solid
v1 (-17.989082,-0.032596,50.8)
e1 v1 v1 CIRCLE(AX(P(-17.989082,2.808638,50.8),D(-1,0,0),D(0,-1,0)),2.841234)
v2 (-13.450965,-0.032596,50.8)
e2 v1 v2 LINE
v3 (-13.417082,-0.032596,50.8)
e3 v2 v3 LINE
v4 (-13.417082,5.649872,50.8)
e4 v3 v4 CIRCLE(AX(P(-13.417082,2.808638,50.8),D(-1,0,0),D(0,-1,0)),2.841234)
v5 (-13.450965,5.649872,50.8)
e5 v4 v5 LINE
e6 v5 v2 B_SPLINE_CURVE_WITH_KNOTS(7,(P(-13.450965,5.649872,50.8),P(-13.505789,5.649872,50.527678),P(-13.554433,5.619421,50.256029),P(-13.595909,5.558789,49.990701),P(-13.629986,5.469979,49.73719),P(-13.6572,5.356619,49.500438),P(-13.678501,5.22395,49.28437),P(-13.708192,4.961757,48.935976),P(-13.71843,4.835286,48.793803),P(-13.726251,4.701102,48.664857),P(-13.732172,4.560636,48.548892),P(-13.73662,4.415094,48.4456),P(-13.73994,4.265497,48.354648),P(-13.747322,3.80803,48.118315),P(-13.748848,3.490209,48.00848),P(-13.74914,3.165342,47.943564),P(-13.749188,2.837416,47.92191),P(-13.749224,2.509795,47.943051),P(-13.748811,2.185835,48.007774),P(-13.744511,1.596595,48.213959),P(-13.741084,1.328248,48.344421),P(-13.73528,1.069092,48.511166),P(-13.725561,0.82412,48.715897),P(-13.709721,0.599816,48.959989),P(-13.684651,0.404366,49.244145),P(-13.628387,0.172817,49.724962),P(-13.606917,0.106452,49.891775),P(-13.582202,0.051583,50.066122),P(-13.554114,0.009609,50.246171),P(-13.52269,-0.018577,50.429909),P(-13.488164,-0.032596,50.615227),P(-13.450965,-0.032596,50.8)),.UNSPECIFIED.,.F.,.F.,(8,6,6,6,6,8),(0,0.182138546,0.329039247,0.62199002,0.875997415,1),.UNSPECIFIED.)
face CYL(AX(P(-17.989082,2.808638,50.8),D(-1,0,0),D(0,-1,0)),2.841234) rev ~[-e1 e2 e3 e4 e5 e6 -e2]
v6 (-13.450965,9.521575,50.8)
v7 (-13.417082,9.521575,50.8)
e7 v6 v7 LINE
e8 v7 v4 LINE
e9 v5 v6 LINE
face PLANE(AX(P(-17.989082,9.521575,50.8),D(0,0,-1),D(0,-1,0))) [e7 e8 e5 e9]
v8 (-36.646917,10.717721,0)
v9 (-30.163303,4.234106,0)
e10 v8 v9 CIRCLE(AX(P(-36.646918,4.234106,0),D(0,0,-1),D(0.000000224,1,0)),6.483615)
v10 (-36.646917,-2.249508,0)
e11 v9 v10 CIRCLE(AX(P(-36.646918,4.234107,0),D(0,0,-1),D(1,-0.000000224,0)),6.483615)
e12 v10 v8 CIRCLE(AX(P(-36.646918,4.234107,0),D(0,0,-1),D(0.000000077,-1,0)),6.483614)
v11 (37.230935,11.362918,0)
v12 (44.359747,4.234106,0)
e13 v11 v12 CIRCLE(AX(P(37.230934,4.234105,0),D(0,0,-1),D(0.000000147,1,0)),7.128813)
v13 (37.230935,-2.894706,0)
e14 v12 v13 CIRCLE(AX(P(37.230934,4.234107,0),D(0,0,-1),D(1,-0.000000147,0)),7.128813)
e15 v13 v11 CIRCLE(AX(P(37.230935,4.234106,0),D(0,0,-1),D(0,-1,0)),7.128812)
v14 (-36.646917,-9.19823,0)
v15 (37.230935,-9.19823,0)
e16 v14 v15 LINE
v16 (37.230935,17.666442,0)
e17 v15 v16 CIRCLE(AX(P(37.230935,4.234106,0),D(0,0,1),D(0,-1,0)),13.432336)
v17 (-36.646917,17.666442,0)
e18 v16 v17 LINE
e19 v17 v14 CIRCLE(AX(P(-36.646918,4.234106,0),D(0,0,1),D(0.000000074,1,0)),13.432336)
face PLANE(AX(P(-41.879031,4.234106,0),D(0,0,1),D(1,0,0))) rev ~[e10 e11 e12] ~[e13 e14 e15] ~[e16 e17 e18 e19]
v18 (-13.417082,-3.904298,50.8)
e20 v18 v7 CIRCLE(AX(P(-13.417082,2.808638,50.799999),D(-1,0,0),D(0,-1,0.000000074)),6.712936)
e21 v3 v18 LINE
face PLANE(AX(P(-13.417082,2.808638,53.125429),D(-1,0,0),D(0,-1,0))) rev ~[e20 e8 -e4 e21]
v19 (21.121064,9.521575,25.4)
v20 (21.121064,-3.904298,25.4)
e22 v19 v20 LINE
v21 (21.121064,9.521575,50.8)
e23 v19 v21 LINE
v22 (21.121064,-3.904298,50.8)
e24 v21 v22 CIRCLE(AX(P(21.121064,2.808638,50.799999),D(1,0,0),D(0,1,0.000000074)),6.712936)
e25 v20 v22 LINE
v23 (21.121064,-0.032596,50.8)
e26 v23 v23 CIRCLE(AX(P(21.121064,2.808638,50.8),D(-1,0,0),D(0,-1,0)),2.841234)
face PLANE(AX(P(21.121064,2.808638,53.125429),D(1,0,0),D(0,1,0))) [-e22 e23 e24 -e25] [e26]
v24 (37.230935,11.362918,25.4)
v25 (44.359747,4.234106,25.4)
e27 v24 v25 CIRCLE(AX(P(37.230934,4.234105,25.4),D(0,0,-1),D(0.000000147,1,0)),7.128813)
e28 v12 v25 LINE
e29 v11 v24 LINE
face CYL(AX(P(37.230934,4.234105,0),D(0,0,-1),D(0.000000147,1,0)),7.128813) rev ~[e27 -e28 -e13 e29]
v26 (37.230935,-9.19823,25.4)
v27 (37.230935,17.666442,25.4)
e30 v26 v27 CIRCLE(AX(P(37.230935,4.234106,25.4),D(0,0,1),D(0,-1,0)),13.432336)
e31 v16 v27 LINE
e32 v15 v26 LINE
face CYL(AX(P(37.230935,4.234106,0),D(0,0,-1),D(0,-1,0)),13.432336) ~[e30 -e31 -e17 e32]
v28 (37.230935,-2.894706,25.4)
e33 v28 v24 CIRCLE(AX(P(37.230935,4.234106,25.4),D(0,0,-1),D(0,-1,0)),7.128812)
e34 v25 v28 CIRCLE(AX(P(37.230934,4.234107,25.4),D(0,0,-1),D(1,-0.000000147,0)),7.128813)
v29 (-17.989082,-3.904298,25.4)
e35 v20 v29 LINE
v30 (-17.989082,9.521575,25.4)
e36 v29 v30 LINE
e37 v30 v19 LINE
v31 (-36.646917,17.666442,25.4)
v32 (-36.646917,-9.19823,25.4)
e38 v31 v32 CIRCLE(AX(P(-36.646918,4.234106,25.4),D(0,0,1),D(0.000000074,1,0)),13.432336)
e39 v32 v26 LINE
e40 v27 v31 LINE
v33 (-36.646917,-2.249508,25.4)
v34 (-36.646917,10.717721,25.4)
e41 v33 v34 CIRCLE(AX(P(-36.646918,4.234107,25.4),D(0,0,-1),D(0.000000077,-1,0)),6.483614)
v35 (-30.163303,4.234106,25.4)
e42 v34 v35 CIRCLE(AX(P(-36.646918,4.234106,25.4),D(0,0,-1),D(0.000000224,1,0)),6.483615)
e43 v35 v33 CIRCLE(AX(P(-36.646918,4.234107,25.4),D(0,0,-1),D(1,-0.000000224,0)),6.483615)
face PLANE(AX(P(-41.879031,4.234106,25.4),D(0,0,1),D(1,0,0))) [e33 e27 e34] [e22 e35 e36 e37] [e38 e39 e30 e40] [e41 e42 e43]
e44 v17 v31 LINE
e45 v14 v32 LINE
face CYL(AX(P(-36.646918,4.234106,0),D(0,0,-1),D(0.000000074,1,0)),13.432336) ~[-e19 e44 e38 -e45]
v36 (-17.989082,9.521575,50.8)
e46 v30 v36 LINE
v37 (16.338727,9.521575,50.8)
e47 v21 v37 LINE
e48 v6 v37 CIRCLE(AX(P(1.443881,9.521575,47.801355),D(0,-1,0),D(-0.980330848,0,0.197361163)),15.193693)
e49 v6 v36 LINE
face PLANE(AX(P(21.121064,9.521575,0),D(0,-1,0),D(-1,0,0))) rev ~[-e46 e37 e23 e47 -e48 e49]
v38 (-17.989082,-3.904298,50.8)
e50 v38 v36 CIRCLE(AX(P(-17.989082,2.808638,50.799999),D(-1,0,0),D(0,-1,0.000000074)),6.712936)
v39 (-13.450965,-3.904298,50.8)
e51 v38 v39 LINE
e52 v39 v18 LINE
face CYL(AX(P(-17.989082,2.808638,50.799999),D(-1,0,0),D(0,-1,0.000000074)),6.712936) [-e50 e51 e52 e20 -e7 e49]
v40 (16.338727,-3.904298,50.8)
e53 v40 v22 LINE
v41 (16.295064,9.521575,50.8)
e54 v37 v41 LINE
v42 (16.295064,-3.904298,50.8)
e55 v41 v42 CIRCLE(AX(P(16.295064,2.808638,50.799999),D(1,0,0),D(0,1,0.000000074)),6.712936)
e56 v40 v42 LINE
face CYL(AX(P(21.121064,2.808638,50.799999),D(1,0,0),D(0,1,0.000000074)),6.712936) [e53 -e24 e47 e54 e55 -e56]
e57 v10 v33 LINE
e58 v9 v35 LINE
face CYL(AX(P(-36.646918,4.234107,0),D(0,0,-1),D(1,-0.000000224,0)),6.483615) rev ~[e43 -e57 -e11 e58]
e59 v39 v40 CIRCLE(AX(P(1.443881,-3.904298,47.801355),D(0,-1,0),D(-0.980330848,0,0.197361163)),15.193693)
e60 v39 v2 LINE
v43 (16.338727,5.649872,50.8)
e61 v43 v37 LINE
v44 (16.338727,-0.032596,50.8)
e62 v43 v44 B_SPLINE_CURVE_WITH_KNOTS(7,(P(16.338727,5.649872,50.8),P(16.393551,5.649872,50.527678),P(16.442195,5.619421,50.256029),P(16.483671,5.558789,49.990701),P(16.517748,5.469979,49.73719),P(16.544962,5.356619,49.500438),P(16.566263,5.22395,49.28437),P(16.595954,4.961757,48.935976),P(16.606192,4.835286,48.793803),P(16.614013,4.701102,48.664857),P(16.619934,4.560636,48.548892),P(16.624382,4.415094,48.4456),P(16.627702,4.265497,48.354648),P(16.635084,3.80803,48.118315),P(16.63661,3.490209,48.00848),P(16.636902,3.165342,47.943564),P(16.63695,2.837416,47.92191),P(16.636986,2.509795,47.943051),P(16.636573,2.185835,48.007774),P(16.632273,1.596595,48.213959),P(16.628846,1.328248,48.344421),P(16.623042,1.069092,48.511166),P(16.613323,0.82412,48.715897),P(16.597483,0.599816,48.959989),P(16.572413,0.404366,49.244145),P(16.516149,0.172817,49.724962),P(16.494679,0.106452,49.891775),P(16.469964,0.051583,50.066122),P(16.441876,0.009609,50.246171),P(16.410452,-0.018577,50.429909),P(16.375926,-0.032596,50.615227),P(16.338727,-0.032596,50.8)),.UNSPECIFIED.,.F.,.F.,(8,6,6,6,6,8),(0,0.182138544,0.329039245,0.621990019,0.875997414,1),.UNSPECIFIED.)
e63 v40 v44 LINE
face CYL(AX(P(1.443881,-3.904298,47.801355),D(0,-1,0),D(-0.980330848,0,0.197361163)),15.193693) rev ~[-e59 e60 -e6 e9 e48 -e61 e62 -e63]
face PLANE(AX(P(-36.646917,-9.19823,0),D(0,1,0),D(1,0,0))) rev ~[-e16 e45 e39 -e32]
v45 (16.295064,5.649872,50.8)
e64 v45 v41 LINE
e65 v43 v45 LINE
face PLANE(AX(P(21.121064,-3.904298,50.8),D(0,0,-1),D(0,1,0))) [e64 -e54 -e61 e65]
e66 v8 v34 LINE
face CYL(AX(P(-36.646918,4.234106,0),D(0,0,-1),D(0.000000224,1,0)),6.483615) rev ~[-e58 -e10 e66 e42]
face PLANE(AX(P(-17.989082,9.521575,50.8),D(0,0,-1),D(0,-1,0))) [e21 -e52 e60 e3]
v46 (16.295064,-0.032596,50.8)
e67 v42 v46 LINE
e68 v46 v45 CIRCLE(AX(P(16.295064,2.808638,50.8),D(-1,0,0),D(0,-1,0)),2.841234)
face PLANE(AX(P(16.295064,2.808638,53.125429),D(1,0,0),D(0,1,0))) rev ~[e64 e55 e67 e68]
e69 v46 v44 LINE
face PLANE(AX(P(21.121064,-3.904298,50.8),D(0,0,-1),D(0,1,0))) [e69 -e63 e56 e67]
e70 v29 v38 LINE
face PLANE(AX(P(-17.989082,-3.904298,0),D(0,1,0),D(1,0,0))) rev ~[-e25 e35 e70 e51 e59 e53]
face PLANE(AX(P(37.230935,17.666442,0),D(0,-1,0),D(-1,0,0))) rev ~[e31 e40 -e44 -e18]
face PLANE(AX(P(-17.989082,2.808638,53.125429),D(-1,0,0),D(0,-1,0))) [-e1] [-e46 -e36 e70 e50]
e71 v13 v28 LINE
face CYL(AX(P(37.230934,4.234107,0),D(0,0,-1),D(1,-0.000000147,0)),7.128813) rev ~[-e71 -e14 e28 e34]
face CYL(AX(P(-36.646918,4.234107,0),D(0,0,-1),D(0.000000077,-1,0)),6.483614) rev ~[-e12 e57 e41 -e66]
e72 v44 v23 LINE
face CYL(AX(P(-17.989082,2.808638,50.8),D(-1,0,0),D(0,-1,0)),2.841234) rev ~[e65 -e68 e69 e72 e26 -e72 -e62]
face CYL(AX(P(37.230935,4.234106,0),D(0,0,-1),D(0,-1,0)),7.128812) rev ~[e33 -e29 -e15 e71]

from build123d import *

# Parameters (mm, degrees)
F1_DEPTH  = 25.4
F2_DEPTH  = 50.8
F5_DEPTH  = 25.4
F6_DEPTH  = 4.572
F8_DEPTH  = 4.826
F9_R      = 2.841234
F10_DEPTH = 49.784


with BuildPart() as f1:
    # F0 (on Top) → F1 (new body)
    with BuildSketch(Plane.XY):
        with BuildLine():
            Line((-36.646917, 10.717721), (-36.646917, 17.666442))
            ThreePointArc((-36.646917, 17.666442), (-50.079254, 4.234106), (-36.646917, -9.19823))
            Line((-36.646917, -9.19823), (-36.646917, -2.249508))
            ThreePointArc((-36.646917, -2.249508), (-43.130532, 4.234106), (-36.646917, 10.717721))
        make_face()
        with BuildLine():
            Line((37.230935, 17.666442), (-36.646917, 17.666442))
            Line((-36.646917, 17.666442), (-36.646917, 10.717721))
            ThreePointArc((-36.646917, 10.717721), (-32.06231, 8.818714), (-30.163303, 4.234106))
            ThreePointArc((-30.163303, 4.234106), (-32.06231, -0.350501), (-36.646917, -2.249508))
            Line((-36.646917, -2.249508), (-36.646917, -9.19823))
            Line((-36.646917, -9.19823), (37.230935, -9.19823))
            Line((37.230935, -9.19823), (37.230935, -2.894706))
            ThreePointArc((37.230935, -2.894706), (30.102123, 4.234106), (37.230935, 11.362918))
            Line((37.230935, 11.362918), (37.230935, 17.666442))
        make_face()
        Polygon((-17.989082, 0), (-17.989082, 9.521575), (21.121064, 9.521575), (21.121064, 0), (21.121064, -3.904298), (-17.989082, -3.904298), align=None, mode=Mode.SUBTRACT)
        with BuildLine():
            ThreePointArc((37.230935, -9.19823), (50.663271, 4.234106), (37.230935, 17.666442))
            Line((37.230935, 17.666442), (37.230935, 11.362918))
            ThreePointArc((37.230935, 11.362918), (42.271766, 9.274937), (44.359747, 4.234106))
            ThreePointArc((44.359747, 4.234106), (42.271766, -0.806725), (37.230935, -2.894706))
            Line((37.230935, -2.894706), (37.230935, -9.19823))
        make_face()
    extrude(amount=F1_DEPTH)

    # F0 (on Top) → F2 (join)
    with BuildSketch(Plane.XY):
        Polygon((21.121064, 9.521575), (-17.989082, 9.521575), (-17.989082, 0), (-17.989082, -3.904298), (21.121064, -3.904298), (21.121064, 0), align=None)
    extrude(amount=F2_DEPTH)

    # F4 (on face) → F5 (cut)
    with BuildSketch(Plane.XZ.offset(3.904298)):
        with BuildLine():
            Line((16.338727, 50.8), (-13.450965, 50.8))
            ThreePointArc((-13.450965, 50.8), (1.443881, 32.607662), (16.338727, 50.8))
        make_face()
    extrude(amount=-F5_DEPTH, mode=Mode.SUBTRACT)

    # F3 (on face) → F6 (join)
    with BuildSketch(Plane(origin=(-17.989082, 0, 0), x_dir=(0, -1, 0), z_dir=(-1, 0, 0))):
        with BuildLine():
            Line((-9.521575, 50.8), (3.904298, 50.8))
            ThreePointArc((3.904298, 50.8), (-2.808638, 57.512936), (-9.521575, 50.8))
        make_face()
    extrude(amount=-F6_DEPTH)

    # F7 (on face) → F8 (join)
    with BuildSketch(Plane.YZ.offset(21.121064)):
        with BuildLine():
            Line((-3.904298, 50.8), (9.521575, 50.8))
            ThreePointArc((9.521575, 50.8), (2.808638, 57.512936), (-3.904298, 50.8))
        make_face()
    extrude(amount=-F8_DEPTH)

    # F9 (on face) → F10 (cut)
    with BuildSketch(Plane(origin=(-17.989082, 0, 0), x_dir=(0, -1, 0), z_dir=(-1, 0, 0))):
        with Locations((-2.808638, 50.8)):
            Circle(F9_R)
    extrude(amount=-F10_DEPTH, mode=Mode.SUBTRACT)


solid = f1.part
